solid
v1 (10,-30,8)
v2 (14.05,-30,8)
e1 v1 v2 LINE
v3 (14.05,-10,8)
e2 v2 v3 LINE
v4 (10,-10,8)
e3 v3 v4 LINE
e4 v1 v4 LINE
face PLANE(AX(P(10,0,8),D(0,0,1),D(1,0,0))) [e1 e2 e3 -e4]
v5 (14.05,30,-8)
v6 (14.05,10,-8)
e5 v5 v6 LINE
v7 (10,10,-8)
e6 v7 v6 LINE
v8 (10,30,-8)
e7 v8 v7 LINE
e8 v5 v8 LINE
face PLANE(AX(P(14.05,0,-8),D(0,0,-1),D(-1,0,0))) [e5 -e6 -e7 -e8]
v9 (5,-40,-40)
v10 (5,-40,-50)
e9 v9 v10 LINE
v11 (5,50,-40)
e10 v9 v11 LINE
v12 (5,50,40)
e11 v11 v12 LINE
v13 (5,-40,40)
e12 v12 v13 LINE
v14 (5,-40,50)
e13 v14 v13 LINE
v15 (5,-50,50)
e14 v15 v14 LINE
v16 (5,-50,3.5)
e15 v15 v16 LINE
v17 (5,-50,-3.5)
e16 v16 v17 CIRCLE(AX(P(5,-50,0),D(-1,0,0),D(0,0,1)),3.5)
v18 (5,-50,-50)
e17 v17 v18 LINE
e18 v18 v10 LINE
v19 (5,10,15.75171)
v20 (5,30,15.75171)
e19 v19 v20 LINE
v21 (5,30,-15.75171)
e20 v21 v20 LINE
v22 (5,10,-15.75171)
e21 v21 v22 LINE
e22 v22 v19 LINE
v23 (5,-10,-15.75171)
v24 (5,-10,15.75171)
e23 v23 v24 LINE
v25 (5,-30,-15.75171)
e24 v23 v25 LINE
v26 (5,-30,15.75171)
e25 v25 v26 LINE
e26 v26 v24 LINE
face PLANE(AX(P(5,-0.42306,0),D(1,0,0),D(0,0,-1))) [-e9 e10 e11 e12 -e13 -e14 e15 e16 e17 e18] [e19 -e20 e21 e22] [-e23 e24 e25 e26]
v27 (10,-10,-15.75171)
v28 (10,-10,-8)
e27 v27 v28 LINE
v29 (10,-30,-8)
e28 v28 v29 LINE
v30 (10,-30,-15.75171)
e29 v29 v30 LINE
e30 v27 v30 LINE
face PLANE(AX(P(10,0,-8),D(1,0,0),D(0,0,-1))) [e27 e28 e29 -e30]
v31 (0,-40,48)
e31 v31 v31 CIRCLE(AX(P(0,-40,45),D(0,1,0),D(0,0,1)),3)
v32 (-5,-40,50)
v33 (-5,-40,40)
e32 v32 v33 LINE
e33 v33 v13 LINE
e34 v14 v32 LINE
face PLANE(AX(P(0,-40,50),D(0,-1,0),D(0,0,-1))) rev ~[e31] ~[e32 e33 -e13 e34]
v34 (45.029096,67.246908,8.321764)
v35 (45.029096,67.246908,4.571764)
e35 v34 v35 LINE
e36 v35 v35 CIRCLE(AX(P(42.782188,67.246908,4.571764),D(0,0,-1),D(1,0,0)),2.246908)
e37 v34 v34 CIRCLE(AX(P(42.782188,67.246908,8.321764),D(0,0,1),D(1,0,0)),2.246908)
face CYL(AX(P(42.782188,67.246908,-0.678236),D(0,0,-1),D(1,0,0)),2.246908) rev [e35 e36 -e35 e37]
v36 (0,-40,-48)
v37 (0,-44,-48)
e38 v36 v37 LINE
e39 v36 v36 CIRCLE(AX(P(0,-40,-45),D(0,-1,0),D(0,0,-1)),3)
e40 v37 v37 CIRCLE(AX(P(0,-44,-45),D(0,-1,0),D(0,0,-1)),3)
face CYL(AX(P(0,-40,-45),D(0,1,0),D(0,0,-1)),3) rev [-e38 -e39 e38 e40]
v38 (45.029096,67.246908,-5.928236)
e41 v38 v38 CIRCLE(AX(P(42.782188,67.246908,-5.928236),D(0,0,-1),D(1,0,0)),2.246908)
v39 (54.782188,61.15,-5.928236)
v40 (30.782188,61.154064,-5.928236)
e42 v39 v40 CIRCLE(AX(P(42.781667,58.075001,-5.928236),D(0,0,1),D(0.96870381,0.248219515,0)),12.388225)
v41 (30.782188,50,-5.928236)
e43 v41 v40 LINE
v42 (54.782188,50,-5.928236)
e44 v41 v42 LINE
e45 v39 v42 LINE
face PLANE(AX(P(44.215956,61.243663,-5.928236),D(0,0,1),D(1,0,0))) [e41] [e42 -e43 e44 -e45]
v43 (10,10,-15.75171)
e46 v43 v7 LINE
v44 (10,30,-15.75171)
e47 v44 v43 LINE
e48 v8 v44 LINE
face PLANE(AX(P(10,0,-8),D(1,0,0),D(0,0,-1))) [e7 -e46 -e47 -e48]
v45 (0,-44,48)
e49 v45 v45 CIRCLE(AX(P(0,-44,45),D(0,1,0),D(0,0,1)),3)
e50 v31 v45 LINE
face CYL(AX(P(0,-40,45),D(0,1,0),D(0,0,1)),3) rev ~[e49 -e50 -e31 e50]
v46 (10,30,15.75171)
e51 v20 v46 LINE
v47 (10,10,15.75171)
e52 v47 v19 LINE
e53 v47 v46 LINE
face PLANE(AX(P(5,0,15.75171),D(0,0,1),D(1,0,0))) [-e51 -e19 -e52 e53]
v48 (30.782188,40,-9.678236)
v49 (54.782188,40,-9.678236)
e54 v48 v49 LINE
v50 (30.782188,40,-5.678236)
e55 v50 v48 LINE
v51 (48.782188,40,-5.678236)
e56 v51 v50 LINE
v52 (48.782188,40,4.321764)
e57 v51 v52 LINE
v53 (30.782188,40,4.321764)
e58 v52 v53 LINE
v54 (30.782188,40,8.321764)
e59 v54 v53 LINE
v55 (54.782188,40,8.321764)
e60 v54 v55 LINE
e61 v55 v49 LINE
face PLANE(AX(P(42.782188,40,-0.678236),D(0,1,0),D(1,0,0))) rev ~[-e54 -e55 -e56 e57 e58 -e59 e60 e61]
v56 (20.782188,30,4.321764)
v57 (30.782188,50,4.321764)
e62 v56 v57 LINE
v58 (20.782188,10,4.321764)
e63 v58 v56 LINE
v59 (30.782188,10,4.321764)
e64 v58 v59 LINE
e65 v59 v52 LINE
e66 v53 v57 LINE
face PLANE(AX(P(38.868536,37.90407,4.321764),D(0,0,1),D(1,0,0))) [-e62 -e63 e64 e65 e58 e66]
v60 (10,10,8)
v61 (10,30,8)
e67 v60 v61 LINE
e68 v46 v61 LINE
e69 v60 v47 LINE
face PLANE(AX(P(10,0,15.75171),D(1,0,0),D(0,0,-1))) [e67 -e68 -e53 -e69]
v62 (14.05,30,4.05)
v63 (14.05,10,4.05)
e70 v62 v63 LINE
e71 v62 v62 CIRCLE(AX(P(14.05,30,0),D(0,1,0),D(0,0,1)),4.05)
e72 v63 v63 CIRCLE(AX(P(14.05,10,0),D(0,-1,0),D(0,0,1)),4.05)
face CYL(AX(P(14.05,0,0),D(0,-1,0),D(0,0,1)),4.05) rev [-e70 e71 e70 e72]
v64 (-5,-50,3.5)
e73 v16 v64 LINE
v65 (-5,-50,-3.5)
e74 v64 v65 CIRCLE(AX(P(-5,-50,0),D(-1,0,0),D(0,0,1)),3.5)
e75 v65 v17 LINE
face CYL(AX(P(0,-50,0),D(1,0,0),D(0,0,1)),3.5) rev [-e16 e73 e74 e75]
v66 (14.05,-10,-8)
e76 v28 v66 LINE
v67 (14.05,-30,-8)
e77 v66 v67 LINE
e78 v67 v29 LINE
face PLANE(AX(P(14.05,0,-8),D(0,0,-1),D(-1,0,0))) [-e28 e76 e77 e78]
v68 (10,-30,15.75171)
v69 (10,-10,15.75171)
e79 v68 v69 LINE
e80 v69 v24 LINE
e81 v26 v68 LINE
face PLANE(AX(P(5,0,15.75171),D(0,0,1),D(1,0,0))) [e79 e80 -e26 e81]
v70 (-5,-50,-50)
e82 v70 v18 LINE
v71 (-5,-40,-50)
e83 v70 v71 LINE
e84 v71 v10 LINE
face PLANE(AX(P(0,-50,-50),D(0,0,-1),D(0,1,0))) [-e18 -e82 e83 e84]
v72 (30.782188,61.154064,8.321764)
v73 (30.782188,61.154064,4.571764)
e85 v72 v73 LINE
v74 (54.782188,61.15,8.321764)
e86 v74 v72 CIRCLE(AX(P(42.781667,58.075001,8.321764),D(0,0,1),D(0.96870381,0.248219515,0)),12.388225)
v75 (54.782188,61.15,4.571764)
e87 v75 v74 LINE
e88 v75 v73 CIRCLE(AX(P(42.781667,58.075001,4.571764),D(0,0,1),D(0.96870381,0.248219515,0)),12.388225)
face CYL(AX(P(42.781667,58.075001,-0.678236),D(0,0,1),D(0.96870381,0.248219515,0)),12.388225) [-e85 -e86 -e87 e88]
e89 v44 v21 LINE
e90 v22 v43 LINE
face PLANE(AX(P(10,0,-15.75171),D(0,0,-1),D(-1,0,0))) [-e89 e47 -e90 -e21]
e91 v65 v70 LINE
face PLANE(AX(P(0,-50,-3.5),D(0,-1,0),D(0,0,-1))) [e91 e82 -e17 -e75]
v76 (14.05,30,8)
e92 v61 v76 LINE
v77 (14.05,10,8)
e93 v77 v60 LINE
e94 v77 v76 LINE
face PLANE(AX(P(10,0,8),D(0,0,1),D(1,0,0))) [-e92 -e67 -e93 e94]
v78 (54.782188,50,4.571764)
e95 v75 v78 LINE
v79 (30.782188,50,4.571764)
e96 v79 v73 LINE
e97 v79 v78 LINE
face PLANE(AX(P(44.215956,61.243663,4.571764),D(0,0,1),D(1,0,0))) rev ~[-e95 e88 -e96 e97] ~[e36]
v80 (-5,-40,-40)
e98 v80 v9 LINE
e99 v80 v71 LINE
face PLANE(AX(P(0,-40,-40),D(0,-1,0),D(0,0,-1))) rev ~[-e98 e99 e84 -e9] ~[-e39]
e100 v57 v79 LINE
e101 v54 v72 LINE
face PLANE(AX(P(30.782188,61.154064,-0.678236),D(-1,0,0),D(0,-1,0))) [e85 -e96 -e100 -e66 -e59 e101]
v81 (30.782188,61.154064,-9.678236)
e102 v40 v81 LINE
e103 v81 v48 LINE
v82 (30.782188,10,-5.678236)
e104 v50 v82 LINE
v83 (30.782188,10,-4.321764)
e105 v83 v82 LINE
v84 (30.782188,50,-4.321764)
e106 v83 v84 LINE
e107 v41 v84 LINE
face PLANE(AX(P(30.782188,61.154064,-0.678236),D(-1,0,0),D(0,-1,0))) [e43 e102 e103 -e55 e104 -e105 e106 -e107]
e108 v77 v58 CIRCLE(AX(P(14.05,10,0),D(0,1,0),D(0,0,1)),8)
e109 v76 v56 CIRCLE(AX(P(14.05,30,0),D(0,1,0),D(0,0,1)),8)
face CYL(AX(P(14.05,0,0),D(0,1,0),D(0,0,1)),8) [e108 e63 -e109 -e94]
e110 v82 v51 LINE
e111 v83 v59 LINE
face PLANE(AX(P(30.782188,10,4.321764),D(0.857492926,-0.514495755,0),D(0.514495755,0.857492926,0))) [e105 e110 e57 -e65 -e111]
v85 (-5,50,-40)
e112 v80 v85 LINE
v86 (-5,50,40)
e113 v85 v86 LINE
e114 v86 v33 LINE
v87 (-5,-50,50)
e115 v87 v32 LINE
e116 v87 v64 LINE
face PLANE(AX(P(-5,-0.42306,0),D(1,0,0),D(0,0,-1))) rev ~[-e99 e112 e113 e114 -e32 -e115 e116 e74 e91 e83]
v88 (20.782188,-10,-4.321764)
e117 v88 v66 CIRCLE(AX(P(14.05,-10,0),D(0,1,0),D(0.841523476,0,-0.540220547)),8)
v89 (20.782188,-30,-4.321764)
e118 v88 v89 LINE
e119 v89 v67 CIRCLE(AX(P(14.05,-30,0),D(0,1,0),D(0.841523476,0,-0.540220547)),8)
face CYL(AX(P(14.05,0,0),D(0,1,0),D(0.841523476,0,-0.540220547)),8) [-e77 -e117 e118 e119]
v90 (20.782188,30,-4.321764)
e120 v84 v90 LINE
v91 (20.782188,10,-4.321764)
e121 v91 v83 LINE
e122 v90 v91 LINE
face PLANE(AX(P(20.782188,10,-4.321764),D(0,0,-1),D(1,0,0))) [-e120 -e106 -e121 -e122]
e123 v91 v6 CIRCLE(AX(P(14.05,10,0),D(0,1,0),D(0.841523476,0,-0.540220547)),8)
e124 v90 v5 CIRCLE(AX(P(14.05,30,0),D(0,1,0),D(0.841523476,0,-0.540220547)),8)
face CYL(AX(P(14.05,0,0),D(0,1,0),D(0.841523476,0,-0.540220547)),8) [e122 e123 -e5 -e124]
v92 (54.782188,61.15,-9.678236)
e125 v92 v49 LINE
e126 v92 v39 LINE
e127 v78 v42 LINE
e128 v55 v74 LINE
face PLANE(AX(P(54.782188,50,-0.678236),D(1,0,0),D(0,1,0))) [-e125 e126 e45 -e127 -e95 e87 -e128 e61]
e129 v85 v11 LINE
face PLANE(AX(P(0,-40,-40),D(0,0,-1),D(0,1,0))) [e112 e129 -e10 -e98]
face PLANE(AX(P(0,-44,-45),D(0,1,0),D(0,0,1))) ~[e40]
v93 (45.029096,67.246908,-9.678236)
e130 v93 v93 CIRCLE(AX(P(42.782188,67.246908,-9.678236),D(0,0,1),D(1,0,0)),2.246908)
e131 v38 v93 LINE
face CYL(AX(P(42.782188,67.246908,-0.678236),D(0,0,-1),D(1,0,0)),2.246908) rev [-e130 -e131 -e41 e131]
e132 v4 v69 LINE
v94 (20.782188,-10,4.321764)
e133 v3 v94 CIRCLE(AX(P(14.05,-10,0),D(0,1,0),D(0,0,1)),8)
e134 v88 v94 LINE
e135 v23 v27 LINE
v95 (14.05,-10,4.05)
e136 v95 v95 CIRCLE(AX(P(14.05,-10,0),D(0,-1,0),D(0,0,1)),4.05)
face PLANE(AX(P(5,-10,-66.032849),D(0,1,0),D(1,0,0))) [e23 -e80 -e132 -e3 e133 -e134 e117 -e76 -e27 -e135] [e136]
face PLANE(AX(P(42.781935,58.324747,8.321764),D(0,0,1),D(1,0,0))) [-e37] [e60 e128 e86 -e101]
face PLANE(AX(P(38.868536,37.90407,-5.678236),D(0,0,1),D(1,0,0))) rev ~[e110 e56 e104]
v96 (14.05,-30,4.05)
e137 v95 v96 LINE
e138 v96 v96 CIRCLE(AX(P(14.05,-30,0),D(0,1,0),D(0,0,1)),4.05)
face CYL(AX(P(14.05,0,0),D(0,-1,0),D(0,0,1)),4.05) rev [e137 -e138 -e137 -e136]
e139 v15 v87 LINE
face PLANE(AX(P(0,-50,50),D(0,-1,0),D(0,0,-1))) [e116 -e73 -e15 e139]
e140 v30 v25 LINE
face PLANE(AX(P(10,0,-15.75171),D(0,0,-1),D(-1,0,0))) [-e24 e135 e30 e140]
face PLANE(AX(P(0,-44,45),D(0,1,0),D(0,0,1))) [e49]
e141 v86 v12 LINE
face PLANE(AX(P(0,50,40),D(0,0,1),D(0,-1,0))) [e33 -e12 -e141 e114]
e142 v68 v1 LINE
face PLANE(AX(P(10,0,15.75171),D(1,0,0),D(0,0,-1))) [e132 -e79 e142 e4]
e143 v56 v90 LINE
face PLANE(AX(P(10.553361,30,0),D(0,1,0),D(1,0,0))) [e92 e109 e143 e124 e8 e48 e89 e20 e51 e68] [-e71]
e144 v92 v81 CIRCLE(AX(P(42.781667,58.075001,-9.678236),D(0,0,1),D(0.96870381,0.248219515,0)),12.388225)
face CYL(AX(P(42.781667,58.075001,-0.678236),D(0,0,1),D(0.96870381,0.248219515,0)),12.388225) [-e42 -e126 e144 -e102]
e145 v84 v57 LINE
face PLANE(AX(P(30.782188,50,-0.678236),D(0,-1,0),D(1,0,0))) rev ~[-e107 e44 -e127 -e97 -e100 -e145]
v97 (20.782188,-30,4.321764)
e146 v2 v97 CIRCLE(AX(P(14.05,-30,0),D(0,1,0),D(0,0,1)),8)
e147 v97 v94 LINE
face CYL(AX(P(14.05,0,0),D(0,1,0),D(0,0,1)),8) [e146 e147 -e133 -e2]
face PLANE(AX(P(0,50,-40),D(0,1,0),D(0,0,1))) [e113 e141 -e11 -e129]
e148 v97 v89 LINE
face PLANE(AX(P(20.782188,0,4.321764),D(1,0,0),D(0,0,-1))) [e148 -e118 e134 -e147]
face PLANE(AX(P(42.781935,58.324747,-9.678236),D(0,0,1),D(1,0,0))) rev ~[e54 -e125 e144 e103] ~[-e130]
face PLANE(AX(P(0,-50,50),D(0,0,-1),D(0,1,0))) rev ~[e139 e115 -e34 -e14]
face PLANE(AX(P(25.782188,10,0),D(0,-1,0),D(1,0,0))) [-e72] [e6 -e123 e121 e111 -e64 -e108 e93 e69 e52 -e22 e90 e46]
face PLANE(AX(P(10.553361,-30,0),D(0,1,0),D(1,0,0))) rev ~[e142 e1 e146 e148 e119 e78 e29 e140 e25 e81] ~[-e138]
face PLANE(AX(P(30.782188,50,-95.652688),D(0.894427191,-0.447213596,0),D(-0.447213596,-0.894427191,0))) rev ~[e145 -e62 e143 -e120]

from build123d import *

# Parameters (mm, degrees)
SKETCH1_W               = 10
SKETCH1_H               = 10
BOSS_EXTRUDE1_DEPTH     = 5
SKETCH4_R               = 3
CUT_EXTRUDE1_DEPTH      = 4
SKETCH5_R               = 4.05
BOSS_EXTRUDE2_DEPTH     = 30
CUT_EXTRUDE2_DEPTH      = 106.032848815
CUT_EXTRUDE2_DEPTH_BACK = 106.032848815
SKETCH6_W               = 26.365617629
SKETCH6_H               = 20
SKETCH8_W               = 10
SKETCH8_H               = 8.643528748
BOSS_EXTRUDE3_DEPTH     = 40
SKETCH9_R               = 2.5
BOSS_EXTRUDE4_DEPTH     = 10
CUT_EXTRUDE3_DEPTH      = 99.974452188
CUT_EXTRUDE3_DEPTH_BACK = 99.974452188
CUT_EXTRUDE5_DEPTH      = 99.974452188
CUT_EXTRUDE5_DEPTH_BACK = 99.974452188
SKETCH13_W              = 27.262735852
SKETCH13_H              = 14.70463532
SKETCH14_W              = 24
SKETCH14_H              = 18
BOSS_EXTRUDE5_DEPTH     = 10
SKETCH15_R              = 2.246907778
BOSS_EXTRUDE6_DEPTH     = 9
SKETCH16_W              = 26.867537366
SKETCH16_H              = 22.487326792
CUT_EXTRUDE6_DEPTH      = 5.25


with BuildPart() as part:
    # Sketch1 → Boss-Extrude1 (new, symmetric)
    with BuildSketch(Plane(origin=(0, 0, 0), x_dir=(0, 0, -1), z_dir=(1, 0, 0))):
        with BuildLine():
            Line((-40, -40), (-40, -50))
            Line((-40, -50), (-3.5, -50))
            ThreePointArc((-3.5, -50), (0, -46.5), (3.5, -50))
            Line((3.5, -50), (40, -50))
            Line((40, -50), (40, -40))
            Line((40, -40), (40, 50))
            Line((40, 50), (-40, 50))
            Line((-40, 50), (-40, -40))
        make_face()
        with Locations((-45, -45)):
            Rectangle(SKETCH1_W, SKETCH1_H)
        with Locations((45, -45)):
            Rectangle(SKETCH1_W, SKETCH1_H)
    extrude(amount=BOSS_EXTRUDE1_DEPTH, both=True)

    # Sketch4 → Cut-Extrude1 (cut)
    with BuildSketch(Plane(origin=(0, -40, 0), x_dir=(1, 0, 0), z_dir=(0, 1, 0))):
        with Locations(Location((0, -45, 0), (0, 0, 270))):
            Circle(SKETCH4_R)
    cut_extrude1 = extrude(amount=-CUT_EXTRUDE1_DEPTH, mode=Mode.SUBTRACT)

    # Mirror1: Cut-Extrude1 across plane
    add(cut_extrude1.mirror(Plane.XY), mode=Mode.SUBTRACT)

    # Sketch5 → Boss-Extrude2 (add, symmetric)
    with BuildSketch(Plane(origin=(0, 0, 0), x_dir=(1, 0, 0), z_dir=(0, 1, 0))):
        with BuildLine():
            Line((5, 15.751709746), (5, -15.751709746))
            Line((5, -15.751709746), (10, -15.751709746))
            Line((10, -15.751709746), (10, -8))
            Line((10, -8), (14.05, -8))
            ThreePointArc((14.05, -8), (17.885745365, -7.020474165), (20.782187809, -4.321764374))
            Line((20.782187809, -4.321764374), (20.782187809, 4.321764374))
            ThreePointArc((20.782187809, 4.321764374), (17.885745365, 7.020474165), (14.05, 8))
            Line((14.05, 8), (10, 8))
            Line((10, 8), (10, 15.751709746))
            Line((10, 15.751709746), (5, 15.751709746))
        make_face()
        with Locations(Location((14.05, 0, 0), (0, 0, 270))):
            Circle(SKETCH5_R, mode=Mode.SUBTRACT)
    extrude(amount=BOSS_EXTRUDE2_DEPTH, both=True)

    # Sketch6 → Cut-Extrude2 (cut, two sides: drawn at the far end of the back side and taken through both)
    with BuildSketch(Plane.XY.offset(40).offset(-CUT_EXTRUDE2_DEPTH_BACK)):
        with Locations((18.182808814, 0)):
            Rectangle(SKETCH6_W, SKETCH6_H)
    extrude(amount=CUT_EXTRUDE2_DEPTH + CUT_EXTRUDE2_DEPTH_BACK, mode=Mode.SUBTRACT)

    # Sketch8 → Boss-Extrude3 (add)
    with BuildSketch(Plane.XZ.offset(-10)):
        with Locations((25.782187809, 0)):
            Rectangle(SKETCH8_W, SKETCH8_H)
    extrude(amount=-BOSS_EXTRUDE3_DEPTH)

    # Sketch9 → Boss-Extrude4 (add)
    with BuildSketch(Plane.XY.offset(4.321764374)):
        with BuildLine():
            Line((30.782187809, 10), (54.782187809, 50))
            ThreePointArc((54.782187809, 50), (42.782187809, 62), (30.782187809, 50))
            Line((30.782187809, 50), (30.782187809, 10))
        make_face()
        with Locations((42.782187809, 57.067437711)):
            Circle(SKETCH9_R, mode=Mode.SUBTRACT)
    extrude(amount=-BOSS_EXTRUDE4_DEPTH)

    # Sketch10 → Cut-Extrude3 (cut, two sides: drawn at the far end of the back side and taken through both)
    with BuildSketch(Plane.XY.offset(4.321764374).offset(-CUT_EXTRUDE3_DEPTH_BACK)):
        Polygon((30.782187809, 50), (20.782187809, 30), (20.782187809, 50), align=None)
    extrude(amount=CUT_EXTRUDE3_DEPTH + CUT_EXTRUDE3_DEPTH_BACK, mode=Mode.SUBTRACT)

    # Sketch13 → Cut-Extrude5 (cut, two sides: drawn at the far end of the back side and taken through both)
    with BuildSketch(Plane.XY.offset(4.321764374).offset(-CUT_EXTRUDE5_DEPTH_BACK)):
        with Locations((44.413555735, 57.35231766)):
            Rectangle(SKETCH13_W, SKETCH13_H)
    extrude(amount=CUT_EXTRUDE5_DEPTH + CUT_EXTRUDE5_DEPTH_BACK, mode=Mode.SUBTRACT)

    # Sketch14 → Boss-Extrude5 (add)
    with BuildSketch(Plane(origin=(0, 50, 0), x_dir=(1, 0, 0), z_dir=(0, 1, 0))):
        with Locations((42.782187809, 0.678235626)):
            Rectangle(SKETCH14_W, SKETCH14_H)
    extrude(amount=-BOSS_EXTRUDE5_DEPTH)

    # Sketch15 → Boss-Extrude6 (add, symmetric)
    with BuildSketch(Plane.XY.offset(-0.678235626)):
        with BuildLine():
            Line((30.782187809, 50), (54.782187809, 50))
            Line((54.782187809, 50), (54.782187809, 61.15))
            ThreePointArc((54.782187809, 61.15), (42.783764567, 70.463225851), (30.782187809, 61.15406416))
            Line((30.782187809, 61.15406416), (30.782187809, 50))
        make_face()
        with Locations((42.782187809, 67.246907778)):
            Circle(SKETCH15_R, mode=Mode.SUBTRACT)
    extrude(amount=BOSS_EXTRUDE6_DEPTH, both=True)

    # Sketch16 → Cut-Extrude6 (cut, symmetric)
    with BuildSketch(Plane.XY.offset(-0.678235626)):
        with Locations((44.215956492, 61.243663396)):
            Rectangle(SKETCH16_W, SKETCH16_H)
    extrude(amount=CUT_EXTRUDE6_DEPTH, both=True, mode=Mode.SUBTRACT)


solid = part.part
